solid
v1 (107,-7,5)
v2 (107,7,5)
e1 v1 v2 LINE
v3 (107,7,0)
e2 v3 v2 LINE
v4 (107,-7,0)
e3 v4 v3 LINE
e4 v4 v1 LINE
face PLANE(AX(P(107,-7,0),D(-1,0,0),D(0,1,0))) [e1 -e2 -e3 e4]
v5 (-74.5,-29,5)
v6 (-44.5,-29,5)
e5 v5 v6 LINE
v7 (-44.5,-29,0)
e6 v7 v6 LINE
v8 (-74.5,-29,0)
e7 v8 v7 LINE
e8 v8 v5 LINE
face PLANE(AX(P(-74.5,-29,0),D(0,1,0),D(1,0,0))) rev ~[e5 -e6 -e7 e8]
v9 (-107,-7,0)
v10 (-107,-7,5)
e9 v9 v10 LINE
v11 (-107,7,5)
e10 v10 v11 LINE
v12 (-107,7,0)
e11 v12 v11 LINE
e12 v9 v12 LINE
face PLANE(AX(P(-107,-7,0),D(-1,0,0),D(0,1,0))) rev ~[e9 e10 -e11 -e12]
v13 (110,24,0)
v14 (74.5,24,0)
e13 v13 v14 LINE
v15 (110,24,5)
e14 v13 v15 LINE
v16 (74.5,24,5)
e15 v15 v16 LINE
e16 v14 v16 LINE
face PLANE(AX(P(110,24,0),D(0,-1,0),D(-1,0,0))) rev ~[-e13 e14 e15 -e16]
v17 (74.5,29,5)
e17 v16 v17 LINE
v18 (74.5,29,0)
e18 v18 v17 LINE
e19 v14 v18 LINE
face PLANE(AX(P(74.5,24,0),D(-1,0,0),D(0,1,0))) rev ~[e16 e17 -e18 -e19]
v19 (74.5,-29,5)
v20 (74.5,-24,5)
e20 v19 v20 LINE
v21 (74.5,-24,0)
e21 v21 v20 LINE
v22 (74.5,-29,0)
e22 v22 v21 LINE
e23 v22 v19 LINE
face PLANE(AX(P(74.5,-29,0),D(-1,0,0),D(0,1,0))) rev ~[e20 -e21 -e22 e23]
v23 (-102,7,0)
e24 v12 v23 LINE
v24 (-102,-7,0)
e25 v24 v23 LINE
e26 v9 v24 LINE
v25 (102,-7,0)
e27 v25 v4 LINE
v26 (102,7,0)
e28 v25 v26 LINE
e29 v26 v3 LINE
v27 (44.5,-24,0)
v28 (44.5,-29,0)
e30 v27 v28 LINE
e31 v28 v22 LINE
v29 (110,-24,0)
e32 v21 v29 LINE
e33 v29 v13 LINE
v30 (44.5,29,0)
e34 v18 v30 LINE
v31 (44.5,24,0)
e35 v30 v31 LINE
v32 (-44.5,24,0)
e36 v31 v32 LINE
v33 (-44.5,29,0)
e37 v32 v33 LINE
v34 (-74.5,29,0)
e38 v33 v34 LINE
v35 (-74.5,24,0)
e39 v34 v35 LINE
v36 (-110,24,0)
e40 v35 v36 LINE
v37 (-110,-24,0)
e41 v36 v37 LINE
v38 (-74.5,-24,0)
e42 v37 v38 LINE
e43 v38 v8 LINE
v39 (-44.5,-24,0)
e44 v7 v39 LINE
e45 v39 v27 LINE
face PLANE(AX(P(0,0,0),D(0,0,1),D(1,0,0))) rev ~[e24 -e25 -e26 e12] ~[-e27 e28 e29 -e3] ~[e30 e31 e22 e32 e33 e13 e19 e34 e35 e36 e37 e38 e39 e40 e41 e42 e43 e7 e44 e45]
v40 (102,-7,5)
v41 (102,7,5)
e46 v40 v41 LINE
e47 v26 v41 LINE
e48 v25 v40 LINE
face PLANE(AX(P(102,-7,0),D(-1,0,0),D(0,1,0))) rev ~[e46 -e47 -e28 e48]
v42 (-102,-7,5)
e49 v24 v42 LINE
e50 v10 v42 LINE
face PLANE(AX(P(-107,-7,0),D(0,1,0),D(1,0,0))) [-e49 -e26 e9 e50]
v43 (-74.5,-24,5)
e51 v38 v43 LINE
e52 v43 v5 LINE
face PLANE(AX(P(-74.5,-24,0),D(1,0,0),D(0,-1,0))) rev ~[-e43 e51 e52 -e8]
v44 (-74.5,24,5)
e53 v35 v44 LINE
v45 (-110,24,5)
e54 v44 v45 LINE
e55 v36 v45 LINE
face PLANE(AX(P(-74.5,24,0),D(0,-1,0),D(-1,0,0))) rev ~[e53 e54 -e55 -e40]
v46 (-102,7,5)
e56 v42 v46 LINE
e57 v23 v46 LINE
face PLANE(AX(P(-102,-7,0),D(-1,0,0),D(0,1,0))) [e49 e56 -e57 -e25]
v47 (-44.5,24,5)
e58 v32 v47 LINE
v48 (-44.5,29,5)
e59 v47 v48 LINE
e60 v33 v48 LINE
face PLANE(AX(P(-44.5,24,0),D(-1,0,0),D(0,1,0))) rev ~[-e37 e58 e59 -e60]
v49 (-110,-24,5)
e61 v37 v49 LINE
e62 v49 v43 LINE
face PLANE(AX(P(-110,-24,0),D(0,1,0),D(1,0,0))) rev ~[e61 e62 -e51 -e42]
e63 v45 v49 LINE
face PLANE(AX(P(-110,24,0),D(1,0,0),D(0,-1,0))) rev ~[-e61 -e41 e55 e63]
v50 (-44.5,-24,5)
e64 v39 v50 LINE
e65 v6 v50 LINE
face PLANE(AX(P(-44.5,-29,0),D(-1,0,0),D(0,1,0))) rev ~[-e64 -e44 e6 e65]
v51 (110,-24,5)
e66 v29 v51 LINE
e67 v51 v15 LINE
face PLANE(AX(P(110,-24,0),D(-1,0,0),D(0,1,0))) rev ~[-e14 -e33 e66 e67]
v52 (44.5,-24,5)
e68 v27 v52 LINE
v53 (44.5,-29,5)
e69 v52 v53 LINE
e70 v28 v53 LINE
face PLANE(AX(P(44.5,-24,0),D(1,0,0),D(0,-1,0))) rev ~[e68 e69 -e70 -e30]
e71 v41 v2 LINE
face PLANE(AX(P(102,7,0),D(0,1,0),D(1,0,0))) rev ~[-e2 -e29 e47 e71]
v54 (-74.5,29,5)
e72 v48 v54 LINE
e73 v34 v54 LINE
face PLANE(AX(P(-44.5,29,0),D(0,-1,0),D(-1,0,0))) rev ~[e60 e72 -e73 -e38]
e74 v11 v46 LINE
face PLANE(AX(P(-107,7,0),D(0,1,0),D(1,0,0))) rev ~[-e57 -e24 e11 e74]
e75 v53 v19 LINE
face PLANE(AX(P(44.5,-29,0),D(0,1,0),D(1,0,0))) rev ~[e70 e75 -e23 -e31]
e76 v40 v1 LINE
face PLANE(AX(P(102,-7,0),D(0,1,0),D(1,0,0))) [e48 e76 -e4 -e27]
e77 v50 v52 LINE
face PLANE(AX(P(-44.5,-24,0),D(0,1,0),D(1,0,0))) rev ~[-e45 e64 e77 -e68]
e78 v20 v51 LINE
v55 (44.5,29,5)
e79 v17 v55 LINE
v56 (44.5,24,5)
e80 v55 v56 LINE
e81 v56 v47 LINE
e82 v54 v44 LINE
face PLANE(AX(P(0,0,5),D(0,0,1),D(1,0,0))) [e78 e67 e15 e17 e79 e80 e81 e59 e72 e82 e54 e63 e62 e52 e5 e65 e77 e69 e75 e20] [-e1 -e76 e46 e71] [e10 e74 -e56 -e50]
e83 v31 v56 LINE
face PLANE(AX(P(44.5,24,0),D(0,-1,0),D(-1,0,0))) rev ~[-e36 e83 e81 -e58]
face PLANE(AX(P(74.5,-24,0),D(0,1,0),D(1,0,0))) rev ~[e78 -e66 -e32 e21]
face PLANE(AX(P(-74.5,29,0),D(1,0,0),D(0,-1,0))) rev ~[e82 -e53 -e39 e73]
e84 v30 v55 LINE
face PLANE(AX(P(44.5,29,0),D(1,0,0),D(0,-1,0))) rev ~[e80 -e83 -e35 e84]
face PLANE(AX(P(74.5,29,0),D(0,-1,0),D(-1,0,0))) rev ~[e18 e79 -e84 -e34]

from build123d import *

# Parameters (mm, degrees)
F0_W     = 5
F0_H     = 14
F1_DEPTH = 5


with BuildPart() as f1:
    # F0 (on Top) → F1 (new body)
    with BuildSketch(Plane.XY):
        Polygon((-74.5, 24), (-110, 24), (-110, -24), (-74.5, -24), (-74.5, -29), (-44.5, -29), (-44.5, -24), (44.5, -24), (44.5, -29), (74.5, -29), (74.5, -24), (110, -24), (110, 24), (74.5, 24), (74.5, 29), (44.5, 29), (44.5, 24), (-44.5, 24), (-44.5, 29), (-74.5, 29), align=None)
        with Locations((-104.5, 0)):
            Rectangle(F0_W, F0_H, mode=Mode.SUBTRACT)
        with Locations((104.5, 0)):
            Rectangle(F0_W, F0_H, mode=Mode.SUBTRACT)
    extrude(amount=F1_DEPTH)


solid = f1.part
